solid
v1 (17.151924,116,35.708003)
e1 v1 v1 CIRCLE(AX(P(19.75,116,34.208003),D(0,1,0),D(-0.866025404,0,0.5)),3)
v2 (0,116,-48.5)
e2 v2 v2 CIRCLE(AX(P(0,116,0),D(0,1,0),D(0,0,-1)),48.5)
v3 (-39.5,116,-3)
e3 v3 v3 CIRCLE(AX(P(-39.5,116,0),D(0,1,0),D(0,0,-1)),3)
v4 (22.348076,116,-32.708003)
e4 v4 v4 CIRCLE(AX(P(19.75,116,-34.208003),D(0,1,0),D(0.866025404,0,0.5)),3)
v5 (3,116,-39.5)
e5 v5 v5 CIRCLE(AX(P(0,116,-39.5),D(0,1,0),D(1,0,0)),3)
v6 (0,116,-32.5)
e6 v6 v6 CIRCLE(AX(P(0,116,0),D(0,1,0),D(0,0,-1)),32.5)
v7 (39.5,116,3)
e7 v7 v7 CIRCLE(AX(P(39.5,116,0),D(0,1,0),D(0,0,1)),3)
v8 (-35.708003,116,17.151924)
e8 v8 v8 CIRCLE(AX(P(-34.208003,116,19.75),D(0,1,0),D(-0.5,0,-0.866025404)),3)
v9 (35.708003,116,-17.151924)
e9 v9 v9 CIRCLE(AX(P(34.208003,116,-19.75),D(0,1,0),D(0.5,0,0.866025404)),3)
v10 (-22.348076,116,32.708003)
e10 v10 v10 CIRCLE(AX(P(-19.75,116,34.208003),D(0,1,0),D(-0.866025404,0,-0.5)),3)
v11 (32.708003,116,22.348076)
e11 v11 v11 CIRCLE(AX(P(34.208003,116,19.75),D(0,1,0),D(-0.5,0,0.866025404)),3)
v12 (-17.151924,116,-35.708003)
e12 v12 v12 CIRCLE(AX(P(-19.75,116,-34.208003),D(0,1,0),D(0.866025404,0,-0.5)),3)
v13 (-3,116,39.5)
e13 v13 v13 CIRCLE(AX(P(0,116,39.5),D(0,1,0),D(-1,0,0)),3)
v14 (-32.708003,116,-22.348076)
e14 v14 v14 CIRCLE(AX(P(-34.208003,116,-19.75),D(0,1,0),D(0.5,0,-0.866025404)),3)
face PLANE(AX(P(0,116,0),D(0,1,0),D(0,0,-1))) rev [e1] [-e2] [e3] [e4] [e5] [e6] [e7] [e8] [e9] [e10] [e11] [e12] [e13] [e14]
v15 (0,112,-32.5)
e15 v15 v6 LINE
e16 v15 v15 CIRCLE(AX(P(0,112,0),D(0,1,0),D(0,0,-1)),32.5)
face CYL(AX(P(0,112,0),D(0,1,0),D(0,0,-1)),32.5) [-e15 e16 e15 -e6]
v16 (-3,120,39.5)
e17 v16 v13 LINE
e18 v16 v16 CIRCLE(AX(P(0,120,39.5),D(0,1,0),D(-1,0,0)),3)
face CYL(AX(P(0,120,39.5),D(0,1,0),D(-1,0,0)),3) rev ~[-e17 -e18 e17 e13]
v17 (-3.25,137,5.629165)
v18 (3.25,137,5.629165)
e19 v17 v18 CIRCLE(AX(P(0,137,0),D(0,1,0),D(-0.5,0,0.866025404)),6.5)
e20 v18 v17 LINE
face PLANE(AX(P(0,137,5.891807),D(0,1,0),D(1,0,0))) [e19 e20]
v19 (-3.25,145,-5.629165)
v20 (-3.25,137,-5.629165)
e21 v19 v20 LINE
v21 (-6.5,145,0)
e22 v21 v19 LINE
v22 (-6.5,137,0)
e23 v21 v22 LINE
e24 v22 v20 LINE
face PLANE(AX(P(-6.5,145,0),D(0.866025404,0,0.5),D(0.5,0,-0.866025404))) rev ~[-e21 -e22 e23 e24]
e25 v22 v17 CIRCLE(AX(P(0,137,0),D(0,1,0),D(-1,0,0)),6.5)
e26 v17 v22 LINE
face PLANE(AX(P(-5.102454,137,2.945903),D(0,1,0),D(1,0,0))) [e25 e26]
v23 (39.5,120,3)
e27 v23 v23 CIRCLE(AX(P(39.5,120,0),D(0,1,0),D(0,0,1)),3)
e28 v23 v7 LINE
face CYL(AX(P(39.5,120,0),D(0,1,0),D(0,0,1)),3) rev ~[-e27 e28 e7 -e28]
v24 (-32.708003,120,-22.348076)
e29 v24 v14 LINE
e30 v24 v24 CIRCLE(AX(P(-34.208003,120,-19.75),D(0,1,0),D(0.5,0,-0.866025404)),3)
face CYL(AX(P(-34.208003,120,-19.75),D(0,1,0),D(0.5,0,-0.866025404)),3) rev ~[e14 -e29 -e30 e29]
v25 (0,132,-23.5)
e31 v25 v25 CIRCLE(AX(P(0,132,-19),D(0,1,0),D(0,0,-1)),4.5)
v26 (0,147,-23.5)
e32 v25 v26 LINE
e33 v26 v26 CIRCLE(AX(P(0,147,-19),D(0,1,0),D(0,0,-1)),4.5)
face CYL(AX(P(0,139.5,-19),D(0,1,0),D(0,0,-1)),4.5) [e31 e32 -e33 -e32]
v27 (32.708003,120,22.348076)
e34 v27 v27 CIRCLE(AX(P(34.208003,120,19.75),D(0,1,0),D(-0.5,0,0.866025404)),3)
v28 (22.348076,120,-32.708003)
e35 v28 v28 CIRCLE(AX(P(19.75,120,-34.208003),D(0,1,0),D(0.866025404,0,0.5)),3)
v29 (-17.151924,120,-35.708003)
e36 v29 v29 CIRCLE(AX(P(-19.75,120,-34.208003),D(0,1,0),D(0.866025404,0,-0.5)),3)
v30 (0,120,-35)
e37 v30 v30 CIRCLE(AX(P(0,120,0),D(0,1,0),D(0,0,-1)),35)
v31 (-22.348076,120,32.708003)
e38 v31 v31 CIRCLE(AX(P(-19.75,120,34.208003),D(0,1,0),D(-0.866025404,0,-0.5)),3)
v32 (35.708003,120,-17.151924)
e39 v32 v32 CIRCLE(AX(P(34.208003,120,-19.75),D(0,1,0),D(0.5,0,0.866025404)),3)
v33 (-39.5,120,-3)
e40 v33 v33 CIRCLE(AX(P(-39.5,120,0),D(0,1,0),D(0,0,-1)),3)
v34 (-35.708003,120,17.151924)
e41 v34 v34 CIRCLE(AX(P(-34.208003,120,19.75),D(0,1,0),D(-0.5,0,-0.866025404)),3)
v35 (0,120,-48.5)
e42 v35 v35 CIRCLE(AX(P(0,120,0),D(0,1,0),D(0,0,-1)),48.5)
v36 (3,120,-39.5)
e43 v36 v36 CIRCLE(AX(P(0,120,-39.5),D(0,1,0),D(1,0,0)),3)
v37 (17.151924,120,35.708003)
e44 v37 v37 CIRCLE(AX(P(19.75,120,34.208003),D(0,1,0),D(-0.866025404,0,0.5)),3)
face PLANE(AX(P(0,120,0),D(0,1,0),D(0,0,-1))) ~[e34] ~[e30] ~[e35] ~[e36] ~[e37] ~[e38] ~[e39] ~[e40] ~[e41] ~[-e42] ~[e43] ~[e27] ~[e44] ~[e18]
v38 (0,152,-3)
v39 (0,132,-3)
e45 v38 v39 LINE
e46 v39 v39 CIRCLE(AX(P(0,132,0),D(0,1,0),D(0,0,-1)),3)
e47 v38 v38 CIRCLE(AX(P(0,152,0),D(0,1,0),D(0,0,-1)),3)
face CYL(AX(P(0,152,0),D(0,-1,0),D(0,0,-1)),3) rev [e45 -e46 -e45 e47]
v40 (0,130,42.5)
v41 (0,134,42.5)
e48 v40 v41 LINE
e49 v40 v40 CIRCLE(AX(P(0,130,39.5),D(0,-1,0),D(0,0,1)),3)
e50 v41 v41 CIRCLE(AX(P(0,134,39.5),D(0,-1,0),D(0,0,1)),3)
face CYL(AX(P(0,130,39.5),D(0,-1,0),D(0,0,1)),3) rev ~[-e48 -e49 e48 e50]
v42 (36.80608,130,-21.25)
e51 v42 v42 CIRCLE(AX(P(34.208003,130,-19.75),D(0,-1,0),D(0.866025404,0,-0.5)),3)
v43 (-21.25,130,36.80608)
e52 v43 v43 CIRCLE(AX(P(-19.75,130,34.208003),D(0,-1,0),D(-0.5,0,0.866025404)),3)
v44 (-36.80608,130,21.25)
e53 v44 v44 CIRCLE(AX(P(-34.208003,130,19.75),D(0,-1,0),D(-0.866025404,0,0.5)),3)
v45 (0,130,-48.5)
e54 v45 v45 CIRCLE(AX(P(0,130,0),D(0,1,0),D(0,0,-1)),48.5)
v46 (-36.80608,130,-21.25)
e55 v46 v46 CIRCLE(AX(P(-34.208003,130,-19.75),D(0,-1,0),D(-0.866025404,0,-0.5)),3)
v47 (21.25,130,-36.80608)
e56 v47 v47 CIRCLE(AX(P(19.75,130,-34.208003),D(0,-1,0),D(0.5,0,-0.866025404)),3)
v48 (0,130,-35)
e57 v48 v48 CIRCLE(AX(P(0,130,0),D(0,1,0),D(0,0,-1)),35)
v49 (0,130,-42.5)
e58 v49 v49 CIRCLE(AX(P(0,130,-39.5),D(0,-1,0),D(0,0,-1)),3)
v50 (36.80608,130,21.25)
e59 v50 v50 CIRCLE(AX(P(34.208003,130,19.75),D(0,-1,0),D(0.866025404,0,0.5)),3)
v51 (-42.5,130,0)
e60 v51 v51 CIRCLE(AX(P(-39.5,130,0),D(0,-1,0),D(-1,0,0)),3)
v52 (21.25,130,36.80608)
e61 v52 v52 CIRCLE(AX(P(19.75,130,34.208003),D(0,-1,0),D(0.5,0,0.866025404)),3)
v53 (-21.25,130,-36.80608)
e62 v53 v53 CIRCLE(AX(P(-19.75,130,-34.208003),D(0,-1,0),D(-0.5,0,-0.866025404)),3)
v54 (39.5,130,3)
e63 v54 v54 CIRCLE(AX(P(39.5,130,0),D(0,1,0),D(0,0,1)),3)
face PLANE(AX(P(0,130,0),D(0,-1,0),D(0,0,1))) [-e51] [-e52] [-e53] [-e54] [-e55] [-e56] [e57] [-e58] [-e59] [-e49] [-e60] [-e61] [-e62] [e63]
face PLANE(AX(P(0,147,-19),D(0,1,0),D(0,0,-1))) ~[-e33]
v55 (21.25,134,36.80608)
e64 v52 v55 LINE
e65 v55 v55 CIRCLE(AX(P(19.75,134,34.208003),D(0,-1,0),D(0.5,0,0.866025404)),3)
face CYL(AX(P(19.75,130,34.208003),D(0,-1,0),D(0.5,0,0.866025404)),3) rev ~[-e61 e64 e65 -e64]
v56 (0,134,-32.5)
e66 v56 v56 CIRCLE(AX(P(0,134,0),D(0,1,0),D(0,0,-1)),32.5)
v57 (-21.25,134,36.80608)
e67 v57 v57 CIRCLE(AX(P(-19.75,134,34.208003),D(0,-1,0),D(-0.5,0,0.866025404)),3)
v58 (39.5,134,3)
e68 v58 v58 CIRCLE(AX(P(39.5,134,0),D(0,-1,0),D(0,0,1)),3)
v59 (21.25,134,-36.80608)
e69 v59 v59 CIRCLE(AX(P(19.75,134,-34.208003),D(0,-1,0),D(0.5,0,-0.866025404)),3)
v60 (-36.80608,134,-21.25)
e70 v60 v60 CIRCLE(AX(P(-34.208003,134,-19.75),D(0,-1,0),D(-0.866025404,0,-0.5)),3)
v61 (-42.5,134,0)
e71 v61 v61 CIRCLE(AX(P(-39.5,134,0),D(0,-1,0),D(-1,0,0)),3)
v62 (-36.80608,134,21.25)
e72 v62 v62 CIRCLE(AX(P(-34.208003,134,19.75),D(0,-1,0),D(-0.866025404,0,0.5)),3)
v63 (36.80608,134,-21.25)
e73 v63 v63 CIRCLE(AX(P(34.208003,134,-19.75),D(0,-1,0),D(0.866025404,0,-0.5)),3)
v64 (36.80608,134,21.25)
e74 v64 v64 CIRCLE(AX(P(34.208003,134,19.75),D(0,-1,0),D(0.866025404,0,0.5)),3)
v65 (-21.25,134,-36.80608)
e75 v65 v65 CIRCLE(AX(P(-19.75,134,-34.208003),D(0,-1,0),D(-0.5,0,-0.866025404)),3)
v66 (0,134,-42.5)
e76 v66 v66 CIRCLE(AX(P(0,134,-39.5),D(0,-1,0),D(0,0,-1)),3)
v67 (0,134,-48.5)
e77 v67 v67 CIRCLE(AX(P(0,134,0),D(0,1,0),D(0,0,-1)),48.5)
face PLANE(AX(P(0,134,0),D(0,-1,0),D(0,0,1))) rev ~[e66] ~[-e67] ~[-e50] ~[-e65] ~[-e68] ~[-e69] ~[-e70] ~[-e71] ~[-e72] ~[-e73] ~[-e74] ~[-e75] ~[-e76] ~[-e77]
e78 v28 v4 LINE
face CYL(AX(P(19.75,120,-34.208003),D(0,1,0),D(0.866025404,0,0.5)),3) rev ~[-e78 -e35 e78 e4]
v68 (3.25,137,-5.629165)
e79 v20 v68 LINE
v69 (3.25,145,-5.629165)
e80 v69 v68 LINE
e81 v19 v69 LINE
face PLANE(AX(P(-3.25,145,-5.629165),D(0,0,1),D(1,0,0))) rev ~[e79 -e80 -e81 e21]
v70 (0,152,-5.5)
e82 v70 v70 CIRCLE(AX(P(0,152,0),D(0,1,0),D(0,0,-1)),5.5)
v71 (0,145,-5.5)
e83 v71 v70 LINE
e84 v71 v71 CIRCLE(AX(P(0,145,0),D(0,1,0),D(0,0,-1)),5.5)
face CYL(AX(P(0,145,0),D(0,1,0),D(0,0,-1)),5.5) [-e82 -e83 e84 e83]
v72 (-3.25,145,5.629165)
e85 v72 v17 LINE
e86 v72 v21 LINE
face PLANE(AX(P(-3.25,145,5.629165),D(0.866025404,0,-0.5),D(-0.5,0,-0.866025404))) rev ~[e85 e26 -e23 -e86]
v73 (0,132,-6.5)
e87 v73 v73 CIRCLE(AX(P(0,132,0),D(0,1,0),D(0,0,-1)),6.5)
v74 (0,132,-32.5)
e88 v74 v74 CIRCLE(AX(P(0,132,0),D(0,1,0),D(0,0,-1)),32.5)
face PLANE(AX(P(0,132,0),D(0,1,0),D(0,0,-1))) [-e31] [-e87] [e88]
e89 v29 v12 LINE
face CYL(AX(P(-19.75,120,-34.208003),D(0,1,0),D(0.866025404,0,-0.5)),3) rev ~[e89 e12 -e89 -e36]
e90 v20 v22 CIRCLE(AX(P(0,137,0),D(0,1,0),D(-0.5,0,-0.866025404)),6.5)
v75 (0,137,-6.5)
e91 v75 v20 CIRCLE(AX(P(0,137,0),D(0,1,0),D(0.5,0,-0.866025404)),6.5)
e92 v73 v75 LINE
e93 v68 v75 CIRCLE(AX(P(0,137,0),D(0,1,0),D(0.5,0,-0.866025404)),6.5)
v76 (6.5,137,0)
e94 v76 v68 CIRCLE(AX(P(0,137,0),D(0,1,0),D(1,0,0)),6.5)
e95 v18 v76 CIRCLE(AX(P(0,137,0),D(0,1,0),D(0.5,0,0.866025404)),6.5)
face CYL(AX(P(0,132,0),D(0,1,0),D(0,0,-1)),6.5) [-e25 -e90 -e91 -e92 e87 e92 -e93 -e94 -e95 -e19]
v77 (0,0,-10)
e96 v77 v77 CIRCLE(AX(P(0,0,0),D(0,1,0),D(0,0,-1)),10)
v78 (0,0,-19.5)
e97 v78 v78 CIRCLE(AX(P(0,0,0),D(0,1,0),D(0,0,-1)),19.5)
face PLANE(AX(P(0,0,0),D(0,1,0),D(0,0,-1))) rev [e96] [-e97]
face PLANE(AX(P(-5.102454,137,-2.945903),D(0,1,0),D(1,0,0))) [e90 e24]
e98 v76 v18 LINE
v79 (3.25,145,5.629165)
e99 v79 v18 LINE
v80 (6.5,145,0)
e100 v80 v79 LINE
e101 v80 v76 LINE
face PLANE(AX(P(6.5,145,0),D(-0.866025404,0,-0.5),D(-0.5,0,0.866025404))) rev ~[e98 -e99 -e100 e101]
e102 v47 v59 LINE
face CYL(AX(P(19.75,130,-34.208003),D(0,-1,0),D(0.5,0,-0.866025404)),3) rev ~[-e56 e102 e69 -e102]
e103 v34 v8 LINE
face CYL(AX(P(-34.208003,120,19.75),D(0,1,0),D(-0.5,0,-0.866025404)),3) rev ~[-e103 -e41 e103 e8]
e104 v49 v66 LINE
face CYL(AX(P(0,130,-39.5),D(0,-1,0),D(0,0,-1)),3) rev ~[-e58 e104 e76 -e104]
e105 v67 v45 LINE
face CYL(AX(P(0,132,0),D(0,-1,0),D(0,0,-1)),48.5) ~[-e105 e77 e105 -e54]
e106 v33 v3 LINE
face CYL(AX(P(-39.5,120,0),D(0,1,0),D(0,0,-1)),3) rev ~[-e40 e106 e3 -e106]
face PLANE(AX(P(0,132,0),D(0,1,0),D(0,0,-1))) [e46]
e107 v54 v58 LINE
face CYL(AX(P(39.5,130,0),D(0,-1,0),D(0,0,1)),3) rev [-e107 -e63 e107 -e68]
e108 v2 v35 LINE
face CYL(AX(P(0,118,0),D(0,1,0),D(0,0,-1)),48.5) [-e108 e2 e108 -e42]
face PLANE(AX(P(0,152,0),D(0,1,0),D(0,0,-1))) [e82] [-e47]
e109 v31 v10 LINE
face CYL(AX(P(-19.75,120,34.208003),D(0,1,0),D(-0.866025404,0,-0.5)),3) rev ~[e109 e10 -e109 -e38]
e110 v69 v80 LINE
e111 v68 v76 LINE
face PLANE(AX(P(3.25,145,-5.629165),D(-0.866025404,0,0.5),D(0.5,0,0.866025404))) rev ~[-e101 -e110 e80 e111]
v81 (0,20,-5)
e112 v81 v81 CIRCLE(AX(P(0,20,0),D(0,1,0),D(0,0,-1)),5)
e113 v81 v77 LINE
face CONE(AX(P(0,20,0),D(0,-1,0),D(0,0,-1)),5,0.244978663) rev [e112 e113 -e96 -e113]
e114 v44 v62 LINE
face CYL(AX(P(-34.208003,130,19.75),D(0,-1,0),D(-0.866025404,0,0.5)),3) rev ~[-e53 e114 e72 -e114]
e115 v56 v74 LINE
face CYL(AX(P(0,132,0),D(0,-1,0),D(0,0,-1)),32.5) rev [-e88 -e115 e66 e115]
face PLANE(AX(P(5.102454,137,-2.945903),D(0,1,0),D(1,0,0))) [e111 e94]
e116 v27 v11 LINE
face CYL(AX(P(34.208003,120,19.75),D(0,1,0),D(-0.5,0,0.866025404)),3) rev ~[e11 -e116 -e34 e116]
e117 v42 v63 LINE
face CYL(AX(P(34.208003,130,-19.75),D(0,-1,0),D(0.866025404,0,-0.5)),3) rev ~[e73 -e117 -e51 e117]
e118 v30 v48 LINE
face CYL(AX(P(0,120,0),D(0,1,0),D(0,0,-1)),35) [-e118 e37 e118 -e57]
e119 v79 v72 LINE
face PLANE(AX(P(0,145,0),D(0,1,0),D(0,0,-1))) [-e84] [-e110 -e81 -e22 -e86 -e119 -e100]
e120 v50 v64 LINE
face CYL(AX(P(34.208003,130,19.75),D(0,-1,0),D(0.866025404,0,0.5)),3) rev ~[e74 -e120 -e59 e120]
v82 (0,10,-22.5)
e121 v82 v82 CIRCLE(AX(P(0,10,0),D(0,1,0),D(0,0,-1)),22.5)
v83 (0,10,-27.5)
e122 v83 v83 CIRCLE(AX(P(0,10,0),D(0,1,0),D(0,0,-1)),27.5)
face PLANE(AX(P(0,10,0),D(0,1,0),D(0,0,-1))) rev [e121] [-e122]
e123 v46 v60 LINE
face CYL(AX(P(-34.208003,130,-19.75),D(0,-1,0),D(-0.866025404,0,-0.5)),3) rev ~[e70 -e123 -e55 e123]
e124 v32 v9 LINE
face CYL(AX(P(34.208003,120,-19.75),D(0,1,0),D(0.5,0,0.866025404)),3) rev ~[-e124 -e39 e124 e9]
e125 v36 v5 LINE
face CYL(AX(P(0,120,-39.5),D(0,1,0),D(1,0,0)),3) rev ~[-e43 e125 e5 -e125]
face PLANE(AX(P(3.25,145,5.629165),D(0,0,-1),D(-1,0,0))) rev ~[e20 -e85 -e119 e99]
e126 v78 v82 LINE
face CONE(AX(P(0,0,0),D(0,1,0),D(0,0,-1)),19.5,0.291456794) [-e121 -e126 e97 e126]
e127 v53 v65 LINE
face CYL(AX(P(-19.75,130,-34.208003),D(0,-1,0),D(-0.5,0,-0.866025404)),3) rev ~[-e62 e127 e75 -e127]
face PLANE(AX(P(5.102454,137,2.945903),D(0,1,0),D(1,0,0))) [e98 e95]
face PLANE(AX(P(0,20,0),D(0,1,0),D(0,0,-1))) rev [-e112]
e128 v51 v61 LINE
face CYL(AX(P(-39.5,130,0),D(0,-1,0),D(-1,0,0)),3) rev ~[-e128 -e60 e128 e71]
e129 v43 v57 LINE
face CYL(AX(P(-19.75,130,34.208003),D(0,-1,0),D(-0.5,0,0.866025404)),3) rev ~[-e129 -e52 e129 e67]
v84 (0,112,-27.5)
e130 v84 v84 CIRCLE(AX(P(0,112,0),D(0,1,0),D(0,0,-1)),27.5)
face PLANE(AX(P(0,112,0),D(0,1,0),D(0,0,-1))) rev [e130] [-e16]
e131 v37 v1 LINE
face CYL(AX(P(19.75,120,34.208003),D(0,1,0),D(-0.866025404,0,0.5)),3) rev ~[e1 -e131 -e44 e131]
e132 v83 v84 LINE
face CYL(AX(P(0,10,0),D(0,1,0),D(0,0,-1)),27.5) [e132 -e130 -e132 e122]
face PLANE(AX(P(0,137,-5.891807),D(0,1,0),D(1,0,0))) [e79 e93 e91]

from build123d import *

# Parameters (mm, degrees)
SKETCH_2_W                = 16
SKETCH_2_H                = 4
SKETCH_3_R                = 3
CUT_EXTRUDE_1_DEPTH       = 10
PATTERN_CIRCULAR_1_COUNT  = 12
MIRROR_2_COPY_1_SKETCH_R  = 3
MIRROR_2_COPY_1_DEPTH     = 10
MIRROR_2_COPY_2_SKETCH_R  = 3
MIRROR_2_COPY_2_DEPTH     = 10
MIRROR_2_COPY_3_SKETCH_R  = 3
MIRROR_2_COPY_3_DEPTH     = 10
MIRROR_2_COPY_4_SKETCH_R  = 3
MIRROR_2_COPY_4_DEPTH     = 10
MIRROR_2_COPY_5_SKETCH_R  = 3
MIRROR_2_COPY_5_DEPTH     = 10
MIRROR_2_COPY_6_SKETCH_R  = 3
MIRROR_2_COPY_6_DEPTH     = 10
MIRROR_2_COPY_7_SKETCH_R  = 3
MIRROR_2_COPY_7_DEPTH     = 10
MIRROR_2_COPY_8_SKETCH_R  = 3
MIRROR_2_COPY_8_DEPTH     = 10
MIRROR_2_COPY_9_SKETCH_R  = 3
MIRROR_2_COPY_9_DEPTH     = 10
MIRROR_2_COPY_10_SKETCH_R = 3
MIRROR_2_COPY_10_DEPTH    = 10
MIRROR_2_COPY_11_SKETCH_R = 3
MIRROR_2_COPY_11_DEPTH    = 10
CUT_EXTRUDE_2_DEPTH       = 8
SKETCH_7_W                = 4.5
SKETCH_7_H                = 15


with BuildPart() as part:
    # Эскиз1 → Повернуть1 (revolve)
    with BuildSketch(Plane.XY, mode=Mode.PRIVATE) as revolve_1_sk:
        Polygon((10, 0), (19.5, 0), (22.5, 10), (27.5, 10), (27.5, 112), (32.5, 112), (32.5, 120), (35, 120), (35, 130), (32.5, 130), (32.5, 132), (0, 132), (0, 20), (5, 20), align=None)
    revolve(revolve_1_sk.sketch.rotate(Axis((0, 0, 0), (0, 1, 0)), 90), axis=Axis((0, 0, 0), (0, 1, 0)))

    # Эскиз2 → Повернуть2 (revolve)
    with BuildSketch(Plane(origin=(0, 0, 0), x_dir=(0, 0, -1), z_dir=(1, 0, 0))):
        with Locations((40.5, 118)):
            Rectangle(SKETCH_2_W, SKETCH_2_H)
    revolve_2 = revolve(axis=Axis((0, 0, 0), (0, 1, 0)))

    # Эскиз3 → Вырез-Вытянуть1 (cut)
    with BuildSketch(Plane(origin=(0, 120, 0), x_dir=(1, 0, 0), z_dir=(0, 1, 0))):
        with Locations(Location((39.5, 0, 0), (0, 0, 270))):
            Circle(SKETCH_3_R)
    cut_extrude_1 = extrude(amount=-CUT_EXTRUDE_1_DEPTH, mode=Mode.SUBTRACT)

    # Круговой массив1: Вырез-Вытянуть1 ×12 about axis
    pattern_circular_1_axis = Axis((0, 0, 0), (0, 1, 0))
    for i in range(1, PATTERN_CIRCULAR_1_COUNT):
        add(cut_extrude_1.rotate(pattern_circular_1_axis, i * 360 / PATTERN_CIRCULAR_1_COUNT), mode=Mode.SUBTRACT)

    # Зеркальное отражение2: Повернуть2, Вырез-Вытянуть1 across plane
    add(revolve_2.mirror(Plane.ZX.offset(125)))
    add(cut_extrude_1.mirror(Plane.ZX.offset(125)), mode=Mode.SUBTRACT)

    # Зеркальное отражение2 copy 1 sketch → Зеркальное отражение2 copy 1 (cut)
    with BuildSketch(Plane(origin=(0, 130, 0), x_dir=(0.8660254037844387, 0, -0.49999999999999994), z_dir=(0, -1, 0))):
        with Locations((39.5, 0)):
            Circle(MIRROR_2_COPY_1_SKETCH_R)
    extrude(amount=-MIRROR_2_COPY_1_DEPTH, mode=Mode.SUBTRACT)

    # Зеркальное отражение2 copy 2 sketch → Зеркальное отражение2 copy 2 (cut)
    with BuildSketch(Plane(origin=(0, 130, 0), x_dir=(0.5000000000000001, 0, -0.8660254037844386), z_dir=(0, -1, 0))):
        with Locations((39.5, 0)):
            Circle(MIRROR_2_COPY_2_SKETCH_R)
    extrude(amount=-MIRROR_2_COPY_2_DEPTH, mode=Mode.SUBTRACT)

    # Зеркальное отражение2 copy 3 sketch → Зеркальное отражение2 copy 3 (cut)
    with BuildSketch(Plane(origin=(0, 130, 0), x_dir=(0, 0, -1), z_dir=(0, -1, 0))):
        with Locations((39.5, 0)):
            Circle(MIRROR_2_COPY_3_SKETCH_R)
    extrude(amount=-MIRROR_2_COPY_3_DEPTH, mode=Mode.SUBTRACT)

    # Зеркальное отражение2 copy 4 sketch → Зеркальное отражение2 copy 4 (cut)
    with BuildSketch(Plane(origin=(0, 130, 0), x_dir=(-0.4999999999999998, 0, -0.8660254037844387), z_dir=(0, -1, 0))):
        with Locations((39.5, 0)):
            Circle(MIRROR_2_COPY_4_SKETCH_R)
    extrude(amount=-MIRROR_2_COPY_4_DEPTH, mode=Mode.SUBTRACT)

    # Зеркальное отражение2 copy 5 sketch → Зеркальное отражение2 copy 5 (cut)
    with BuildSketch(Plane(origin=(0, 130, 0), x_dir=(-0.8660254037844387, 0, -0.49999999999999994), z_dir=(0, -1, 0))):
        with Locations((39.5, 0)):
            Circle(MIRROR_2_COPY_5_SKETCH_R)
    extrude(amount=-MIRROR_2_COPY_5_DEPTH, mode=Mode.SUBTRACT)

    # Зеркальное отражение2 copy 6 sketch → Зеркальное отражение2 copy 6 (cut)
    with BuildSketch(Plane(origin=(0, 130, 0), x_dir=(-1, 0, 0), z_dir=(0, -1, 0))):
        with Locations((39.5, 0)):
            Circle(MIRROR_2_COPY_6_SKETCH_R)
    extrude(amount=-MIRROR_2_COPY_6_DEPTH, mode=Mode.SUBTRACT)

    # Зеркальное отражение2 copy 7 sketch → Зеркальное отражение2 copy 7 (cut)
    with BuildSketch(Plane(origin=(0, 130, 0), x_dir=(-0.8660254037844386, 0, 0.5000000000000001), z_dir=(0, -1, 0))):
        with Locations((39.5, 0)):
            Circle(MIRROR_2_COPY_7_SKETCH_R)
    extrude(amount=-MIRROR_2_COPY_7_DEPTH, mode=Mode.SUBTRACT)

    # Зеркальное отражение2 copy 8 sketch → Зеркальное отражение2 copy 8 (cut)
    with BuildSketch(Plane(origin=(0, 130, 0), x_dir=(-0.5000000000000004, 0, 0.8660254037844384), z_dir=(0, -1, 0))):
        with Locations((39.5, 0)):
            Circle(MIRROR_2_COPY_8_SKETCH_R)
    extrude(amount=-MIRROR_2_COPY_8_DEPTH, mode=Mode.SUBTRACT)

    # Зеркальное отражение2 copy 9 sketch → Зеркальное отражение2 copy 9 (cut)
    with BuildSketch(Plane(origin=(0, 130, 0), x_dir=(0, 0, 1), z_dir=(0, -1, 0))):
        with Locations((39.5, 0)):
            Circle(MIRROR_2_COPY_9_SKETCH_R)
    extrude(amount=-MIRROR_2_COPY_9_DEPTH, mode=Mode.SUBTRACT)

    # Зеркальное отражение2 copy 10 sketch → Зеркальное отражение2 copy 10 (cut)
    with BuildSketch(Plane(origin=(0, 130, 0), x_dir=(0.5000000000000001, 0, 0.8660254037844386), z_dir=(0, -1, 0))):
        with Locations((39.5, 0)):
            Circle(MIRROR_2_COPY_10_SKETCH_R)
    extrude(amount=-MIRROR_2_COPY_10_DEPTH, mode=Mode.SUBTRACT)

    # Зеркальное отражение2 copy 11 sketch → Зеркальное отражение2 copy 11 (cut)
    with BuildSketch(Plane(origin=(0, 130, 0), x_dir=(0.8660254037844384, 0, 0.5000000000000004), z_dir=(0, -1, 0))):
        with Locations((39.5, 0)):
            Circle(MIRROR_2_COPY_11_SKETCH_R)
    extrude(amount=-MIRROR_2_COPY_11_DEPTH, mode=Mode.SUBTRACT)

    # Эскиз4 → Повернуть3 (revolve)
    with BuildSketch(Plane(origin=(0, 0, 0), x_dir=(0, 0, -1), z_dir=(1, 0, 0))):
        Polygon((6.5, 132), (6.5, 145), (5.5, 145), (5.5, 152), (3, 152), (3, 132), align=None)
    revolve(axis=Axis((0, 0, 0), (0, 1, 0)))

    # Эскиз5 → Вырез-Вытянуть2 (cut)
    with BuildSketch(Plane(origin=(0, 145, 0), x_dir=(1, 0, 0), z_dir=(0, 1, 0))):
        with BuildLine():
            Line((-3.25, 5.629165125), (3.25, 5.629165125))
            ThreePointArc((3.25, 5.629165125), (0, 6.5), (-3.25, 5.629165125))
        make_face()
        with BuildLine():
            Line((3.25, 5.629165125), (6.5, 0))
            ThreePointArc((6.5, 0), (5.629165125, 3.25), (3.25, 5.629165125))
        make_face()
        with BuildLine():
            ThreePointArc((3.25, -5.629165125), (5.629165125, -3.25), (6.5, 0))
            Line((6.5, 0), (3.25, -5.629165125))
        make_face()
        with BuildLine():
            ThreePointArc((-3.25, -5.629165125), (0, -6.5), (3.25, -5.629165125))
            Line((3.25, -5.629165125), (-3.25, -5.629165125))
        make_face()
        with BuildLine():
            ThreePointArc((-6.5, 0), (-5.629165125, -3.25), (-3.25, -5.629165125))
            Line((-3.25, -5.629165125), (-6.5, 0))
        make_face()
        with BuildLine():
            Line((-6.5, 0), (-3.25, 5.629165125))
            ThreePointArc((-3.25, 5.629165125), (-5.629165125, 3.25), (-6.5, 0))
        make_face()
    extrude(amount=-CUT_EXTRUDE_2_DEPTH, mode=Mode.SUBTRACT)

    # Эскиз7 → Повернуть5 (revolve)
    with BuildSketch(Plane(origin=(0, 0, 0), x_dir=(0, 0, -1), z_dir=(1, 0, 0))):
        with Locations((21.25, 139.5)):
            Rectangle(SKETCH_7_W, SKETCH_7_H)
    revolve(axis=Axis((0, 132, -19), (0, 1, 0)))


solid = part.part
